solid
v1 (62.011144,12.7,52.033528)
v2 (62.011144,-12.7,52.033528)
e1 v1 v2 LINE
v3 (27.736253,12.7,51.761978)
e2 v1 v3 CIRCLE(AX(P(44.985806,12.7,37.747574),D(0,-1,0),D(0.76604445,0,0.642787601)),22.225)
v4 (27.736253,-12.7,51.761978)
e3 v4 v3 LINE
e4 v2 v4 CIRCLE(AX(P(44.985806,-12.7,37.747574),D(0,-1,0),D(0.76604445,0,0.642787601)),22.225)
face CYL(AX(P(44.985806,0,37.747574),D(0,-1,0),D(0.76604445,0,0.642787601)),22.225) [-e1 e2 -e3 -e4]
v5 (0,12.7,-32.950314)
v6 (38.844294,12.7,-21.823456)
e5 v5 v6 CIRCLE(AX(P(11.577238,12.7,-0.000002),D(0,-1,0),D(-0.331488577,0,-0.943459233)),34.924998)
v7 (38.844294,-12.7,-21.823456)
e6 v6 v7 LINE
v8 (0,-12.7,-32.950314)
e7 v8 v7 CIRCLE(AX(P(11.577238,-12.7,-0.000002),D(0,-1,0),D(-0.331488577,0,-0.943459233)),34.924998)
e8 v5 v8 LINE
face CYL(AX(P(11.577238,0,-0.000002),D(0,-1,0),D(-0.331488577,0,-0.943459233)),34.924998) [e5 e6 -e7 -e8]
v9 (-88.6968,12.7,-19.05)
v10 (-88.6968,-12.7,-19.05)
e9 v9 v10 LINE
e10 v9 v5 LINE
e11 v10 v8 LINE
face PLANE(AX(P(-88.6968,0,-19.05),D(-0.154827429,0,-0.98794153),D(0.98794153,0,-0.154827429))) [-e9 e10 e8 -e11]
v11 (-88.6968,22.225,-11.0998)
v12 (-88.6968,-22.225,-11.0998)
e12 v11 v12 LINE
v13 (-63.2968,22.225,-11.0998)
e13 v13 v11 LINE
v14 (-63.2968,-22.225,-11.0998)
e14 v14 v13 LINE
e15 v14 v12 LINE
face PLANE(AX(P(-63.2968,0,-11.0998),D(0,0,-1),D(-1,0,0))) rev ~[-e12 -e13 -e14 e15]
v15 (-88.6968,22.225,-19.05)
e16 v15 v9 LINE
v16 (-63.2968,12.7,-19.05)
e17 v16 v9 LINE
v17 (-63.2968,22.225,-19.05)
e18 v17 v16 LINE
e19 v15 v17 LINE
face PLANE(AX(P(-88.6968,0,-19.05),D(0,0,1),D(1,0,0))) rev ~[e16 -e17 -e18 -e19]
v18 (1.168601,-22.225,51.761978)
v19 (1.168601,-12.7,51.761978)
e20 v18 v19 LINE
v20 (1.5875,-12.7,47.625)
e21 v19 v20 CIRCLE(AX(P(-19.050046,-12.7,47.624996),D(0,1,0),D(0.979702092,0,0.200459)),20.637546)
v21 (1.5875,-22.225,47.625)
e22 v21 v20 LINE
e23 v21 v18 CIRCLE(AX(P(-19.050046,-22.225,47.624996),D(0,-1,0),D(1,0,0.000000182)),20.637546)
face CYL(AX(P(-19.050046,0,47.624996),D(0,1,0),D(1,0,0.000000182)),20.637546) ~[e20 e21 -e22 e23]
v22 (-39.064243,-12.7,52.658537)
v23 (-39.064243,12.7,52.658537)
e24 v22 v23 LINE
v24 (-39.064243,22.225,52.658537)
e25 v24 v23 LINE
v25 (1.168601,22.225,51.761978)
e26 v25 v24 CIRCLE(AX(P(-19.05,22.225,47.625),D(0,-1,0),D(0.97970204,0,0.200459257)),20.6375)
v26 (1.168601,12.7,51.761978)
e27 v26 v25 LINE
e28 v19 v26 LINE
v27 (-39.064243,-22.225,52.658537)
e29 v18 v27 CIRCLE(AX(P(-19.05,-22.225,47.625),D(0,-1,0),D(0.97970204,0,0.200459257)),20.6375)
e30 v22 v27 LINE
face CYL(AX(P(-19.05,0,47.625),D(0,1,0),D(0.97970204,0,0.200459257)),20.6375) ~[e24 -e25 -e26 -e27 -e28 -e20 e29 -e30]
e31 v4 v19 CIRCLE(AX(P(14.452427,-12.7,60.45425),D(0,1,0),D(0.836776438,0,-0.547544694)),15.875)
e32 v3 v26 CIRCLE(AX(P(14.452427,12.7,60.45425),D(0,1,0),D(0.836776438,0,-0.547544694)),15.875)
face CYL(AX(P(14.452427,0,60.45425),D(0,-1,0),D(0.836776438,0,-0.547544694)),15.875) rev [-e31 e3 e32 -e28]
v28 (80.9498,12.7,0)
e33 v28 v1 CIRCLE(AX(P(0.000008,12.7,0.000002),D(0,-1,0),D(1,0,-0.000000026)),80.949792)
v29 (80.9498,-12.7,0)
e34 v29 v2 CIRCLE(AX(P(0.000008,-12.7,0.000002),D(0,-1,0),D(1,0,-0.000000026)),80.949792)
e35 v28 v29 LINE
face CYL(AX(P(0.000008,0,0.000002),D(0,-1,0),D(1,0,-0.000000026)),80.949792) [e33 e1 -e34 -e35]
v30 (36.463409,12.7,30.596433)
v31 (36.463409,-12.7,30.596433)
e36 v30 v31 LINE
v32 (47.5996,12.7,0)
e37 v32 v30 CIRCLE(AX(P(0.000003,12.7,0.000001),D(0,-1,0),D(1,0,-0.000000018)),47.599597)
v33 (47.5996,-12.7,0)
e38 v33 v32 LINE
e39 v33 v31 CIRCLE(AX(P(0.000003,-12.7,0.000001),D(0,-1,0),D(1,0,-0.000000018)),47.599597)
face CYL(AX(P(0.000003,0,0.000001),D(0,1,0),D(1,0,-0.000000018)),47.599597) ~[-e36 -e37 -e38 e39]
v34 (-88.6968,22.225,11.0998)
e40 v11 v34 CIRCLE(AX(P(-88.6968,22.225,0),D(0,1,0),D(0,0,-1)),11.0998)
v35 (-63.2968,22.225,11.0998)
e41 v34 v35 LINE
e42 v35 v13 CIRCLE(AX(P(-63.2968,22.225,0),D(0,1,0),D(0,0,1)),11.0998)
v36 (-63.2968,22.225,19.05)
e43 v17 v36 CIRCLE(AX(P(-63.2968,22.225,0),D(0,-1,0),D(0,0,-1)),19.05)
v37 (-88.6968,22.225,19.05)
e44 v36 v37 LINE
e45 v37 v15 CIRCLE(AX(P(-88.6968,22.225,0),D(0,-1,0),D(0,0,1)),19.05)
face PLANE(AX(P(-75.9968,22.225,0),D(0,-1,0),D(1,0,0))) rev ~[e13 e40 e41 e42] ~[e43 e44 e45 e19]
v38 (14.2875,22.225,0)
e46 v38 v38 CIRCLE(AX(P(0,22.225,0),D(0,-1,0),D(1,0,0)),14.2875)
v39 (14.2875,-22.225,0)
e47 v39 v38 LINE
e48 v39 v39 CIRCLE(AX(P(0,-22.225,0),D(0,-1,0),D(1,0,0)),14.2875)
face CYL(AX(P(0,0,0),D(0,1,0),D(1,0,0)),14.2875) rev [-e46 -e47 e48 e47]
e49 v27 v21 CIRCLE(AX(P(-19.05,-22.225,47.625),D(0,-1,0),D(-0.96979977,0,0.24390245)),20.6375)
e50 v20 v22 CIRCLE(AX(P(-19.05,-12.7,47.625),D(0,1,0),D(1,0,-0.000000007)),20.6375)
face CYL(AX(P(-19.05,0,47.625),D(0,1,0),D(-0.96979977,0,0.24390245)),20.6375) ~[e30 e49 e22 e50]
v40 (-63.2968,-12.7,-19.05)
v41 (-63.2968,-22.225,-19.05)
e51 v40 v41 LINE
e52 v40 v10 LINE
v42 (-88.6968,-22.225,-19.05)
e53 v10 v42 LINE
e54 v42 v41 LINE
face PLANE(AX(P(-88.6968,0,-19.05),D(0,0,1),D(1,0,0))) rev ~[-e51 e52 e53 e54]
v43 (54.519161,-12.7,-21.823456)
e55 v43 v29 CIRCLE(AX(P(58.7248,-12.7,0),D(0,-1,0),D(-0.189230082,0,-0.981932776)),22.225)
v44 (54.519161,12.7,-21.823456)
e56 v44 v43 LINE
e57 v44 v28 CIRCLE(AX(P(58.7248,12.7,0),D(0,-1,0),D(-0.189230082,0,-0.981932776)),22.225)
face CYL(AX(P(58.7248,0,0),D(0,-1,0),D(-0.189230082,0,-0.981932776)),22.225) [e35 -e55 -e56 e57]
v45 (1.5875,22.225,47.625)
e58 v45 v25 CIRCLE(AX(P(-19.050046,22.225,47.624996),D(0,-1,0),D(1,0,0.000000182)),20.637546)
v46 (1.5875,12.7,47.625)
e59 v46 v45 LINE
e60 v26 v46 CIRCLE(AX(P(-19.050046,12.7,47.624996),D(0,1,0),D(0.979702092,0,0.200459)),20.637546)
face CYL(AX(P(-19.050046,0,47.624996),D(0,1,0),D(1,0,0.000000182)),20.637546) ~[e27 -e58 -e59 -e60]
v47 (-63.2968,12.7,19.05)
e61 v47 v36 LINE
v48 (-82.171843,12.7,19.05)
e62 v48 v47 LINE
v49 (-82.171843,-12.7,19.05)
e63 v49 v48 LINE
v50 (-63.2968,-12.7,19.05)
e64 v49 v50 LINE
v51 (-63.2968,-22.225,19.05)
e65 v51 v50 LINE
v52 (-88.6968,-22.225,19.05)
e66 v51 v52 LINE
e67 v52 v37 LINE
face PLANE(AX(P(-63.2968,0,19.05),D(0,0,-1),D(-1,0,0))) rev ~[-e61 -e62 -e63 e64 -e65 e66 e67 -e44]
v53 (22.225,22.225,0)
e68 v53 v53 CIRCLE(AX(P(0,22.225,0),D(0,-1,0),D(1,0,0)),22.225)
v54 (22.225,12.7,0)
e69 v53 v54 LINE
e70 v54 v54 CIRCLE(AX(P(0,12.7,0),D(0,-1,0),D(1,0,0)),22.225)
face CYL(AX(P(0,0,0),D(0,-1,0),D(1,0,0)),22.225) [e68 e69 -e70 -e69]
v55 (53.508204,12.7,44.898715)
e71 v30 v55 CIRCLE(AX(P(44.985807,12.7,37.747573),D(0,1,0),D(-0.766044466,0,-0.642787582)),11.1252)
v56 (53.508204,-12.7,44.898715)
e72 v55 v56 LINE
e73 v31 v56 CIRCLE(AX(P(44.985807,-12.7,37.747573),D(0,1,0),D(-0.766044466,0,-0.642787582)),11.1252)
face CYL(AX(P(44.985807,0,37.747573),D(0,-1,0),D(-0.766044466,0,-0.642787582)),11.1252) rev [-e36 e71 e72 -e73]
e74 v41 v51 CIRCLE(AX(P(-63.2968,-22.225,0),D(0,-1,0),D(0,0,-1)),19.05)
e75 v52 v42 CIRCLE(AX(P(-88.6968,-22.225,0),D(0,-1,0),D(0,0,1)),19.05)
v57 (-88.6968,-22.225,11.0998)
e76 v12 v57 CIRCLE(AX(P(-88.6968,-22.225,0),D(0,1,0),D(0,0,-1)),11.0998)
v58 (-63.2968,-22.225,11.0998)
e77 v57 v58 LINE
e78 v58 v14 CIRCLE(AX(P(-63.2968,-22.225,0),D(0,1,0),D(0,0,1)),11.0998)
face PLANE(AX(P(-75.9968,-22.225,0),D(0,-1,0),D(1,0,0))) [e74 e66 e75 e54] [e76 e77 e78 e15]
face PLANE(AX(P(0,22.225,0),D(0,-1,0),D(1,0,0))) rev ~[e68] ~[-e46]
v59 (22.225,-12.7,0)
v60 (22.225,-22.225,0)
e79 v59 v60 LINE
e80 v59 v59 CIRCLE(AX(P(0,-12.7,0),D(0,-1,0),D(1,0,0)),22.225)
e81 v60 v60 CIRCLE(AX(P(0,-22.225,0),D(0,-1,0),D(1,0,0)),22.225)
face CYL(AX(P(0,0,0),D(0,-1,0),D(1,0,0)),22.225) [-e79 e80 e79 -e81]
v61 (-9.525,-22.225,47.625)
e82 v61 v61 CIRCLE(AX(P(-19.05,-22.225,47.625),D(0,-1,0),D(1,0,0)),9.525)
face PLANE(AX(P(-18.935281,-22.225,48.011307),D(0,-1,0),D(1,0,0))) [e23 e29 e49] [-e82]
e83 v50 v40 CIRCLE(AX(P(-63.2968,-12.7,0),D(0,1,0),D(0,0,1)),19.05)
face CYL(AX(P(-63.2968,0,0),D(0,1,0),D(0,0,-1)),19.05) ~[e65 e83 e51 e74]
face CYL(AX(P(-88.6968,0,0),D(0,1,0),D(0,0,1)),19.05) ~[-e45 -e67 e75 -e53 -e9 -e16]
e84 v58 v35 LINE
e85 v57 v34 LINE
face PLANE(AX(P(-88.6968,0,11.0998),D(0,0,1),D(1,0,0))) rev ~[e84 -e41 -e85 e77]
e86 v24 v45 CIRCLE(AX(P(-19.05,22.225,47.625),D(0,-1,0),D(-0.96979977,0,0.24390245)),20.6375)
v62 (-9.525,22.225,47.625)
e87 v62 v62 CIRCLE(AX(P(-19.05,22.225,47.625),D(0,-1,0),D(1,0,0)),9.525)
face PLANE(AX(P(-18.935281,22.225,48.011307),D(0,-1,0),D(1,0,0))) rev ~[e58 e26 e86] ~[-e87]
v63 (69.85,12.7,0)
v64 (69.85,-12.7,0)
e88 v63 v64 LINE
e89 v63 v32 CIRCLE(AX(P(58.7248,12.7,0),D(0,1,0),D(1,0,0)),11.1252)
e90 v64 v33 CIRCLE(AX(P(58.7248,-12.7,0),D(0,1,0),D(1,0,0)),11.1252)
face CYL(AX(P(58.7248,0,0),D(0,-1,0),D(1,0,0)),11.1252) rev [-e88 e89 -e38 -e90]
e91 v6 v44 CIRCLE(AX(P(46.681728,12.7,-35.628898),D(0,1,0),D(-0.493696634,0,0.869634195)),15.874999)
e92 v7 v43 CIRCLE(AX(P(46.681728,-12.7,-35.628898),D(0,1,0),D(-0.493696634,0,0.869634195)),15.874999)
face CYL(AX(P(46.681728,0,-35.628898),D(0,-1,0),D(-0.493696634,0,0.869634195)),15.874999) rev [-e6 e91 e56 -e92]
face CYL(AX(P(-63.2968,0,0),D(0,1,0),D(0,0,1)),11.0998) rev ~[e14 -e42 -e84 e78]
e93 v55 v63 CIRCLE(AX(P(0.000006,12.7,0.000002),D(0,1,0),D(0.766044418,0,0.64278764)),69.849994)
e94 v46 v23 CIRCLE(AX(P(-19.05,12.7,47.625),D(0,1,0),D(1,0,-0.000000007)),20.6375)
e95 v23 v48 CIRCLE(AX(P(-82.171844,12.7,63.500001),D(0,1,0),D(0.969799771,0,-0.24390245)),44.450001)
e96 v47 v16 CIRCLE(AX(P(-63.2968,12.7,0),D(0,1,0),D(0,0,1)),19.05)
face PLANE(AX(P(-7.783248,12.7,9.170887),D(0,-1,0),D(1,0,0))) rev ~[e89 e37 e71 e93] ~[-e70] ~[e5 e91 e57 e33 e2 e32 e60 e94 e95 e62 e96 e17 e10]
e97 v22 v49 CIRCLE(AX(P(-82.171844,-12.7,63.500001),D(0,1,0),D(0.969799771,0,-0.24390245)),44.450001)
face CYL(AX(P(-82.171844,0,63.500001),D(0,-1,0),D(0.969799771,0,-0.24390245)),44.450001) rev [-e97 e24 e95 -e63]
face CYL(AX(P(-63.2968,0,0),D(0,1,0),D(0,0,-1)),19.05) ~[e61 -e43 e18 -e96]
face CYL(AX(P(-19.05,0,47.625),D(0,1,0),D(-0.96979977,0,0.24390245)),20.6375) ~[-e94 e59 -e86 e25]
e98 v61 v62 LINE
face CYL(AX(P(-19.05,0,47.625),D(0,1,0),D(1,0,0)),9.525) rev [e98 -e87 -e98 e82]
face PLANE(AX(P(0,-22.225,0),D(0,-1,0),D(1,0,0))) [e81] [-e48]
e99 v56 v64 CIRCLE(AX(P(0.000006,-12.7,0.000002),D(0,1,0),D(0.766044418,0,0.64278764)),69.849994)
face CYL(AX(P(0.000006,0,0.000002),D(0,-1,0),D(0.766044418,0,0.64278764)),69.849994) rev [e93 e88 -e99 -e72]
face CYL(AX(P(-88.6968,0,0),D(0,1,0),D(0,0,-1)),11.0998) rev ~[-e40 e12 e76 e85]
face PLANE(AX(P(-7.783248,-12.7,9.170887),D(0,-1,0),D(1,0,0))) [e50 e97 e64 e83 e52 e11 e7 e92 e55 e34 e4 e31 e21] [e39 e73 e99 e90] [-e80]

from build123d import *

# Parameters (mm, degrees)
F0_R     = 22.225
F1_DEPTH = 12.7
F0_R_2   = 9.525
F0_R_3   = 14.2875
F2_DEPTH = 22.225


with BuildPart() as f1:
    # F0 (on Front) → F1 (new body, symmetric)
    with BuildSketch(Plane.XZ):
        with BuildLine():
            Line((-63.2968, -19.05), (-88.6968, -19.05))
            Line((-88.6968, -19.05), (0, -32.950314))
            ThreePointArc((0, -32.950314), (21.194636, -33.574712), (38.844294, -21.823456))
            ThreePointArc((38.844294, -21.823456), (46.681728, -19.753899), (54.519161, -21.823456))
            ThreePointArc((54.519161, -21.823456), (72.875424, -17.137983), (80.9498, 0))
            ThreePointArc((80.9498, 0), (76.06793, 27.686462), (62.011144, 52.033528))
            ThreePointArc((62.011144, 52.033528), (44.80973, 59.971876), (27.736253, 51.761978))
            ThreePointArc((27.736253, 51.761978), (14.452427, 44.57925), (1.168601, 51.761978))
            ThreePointArc((1.168601, 51.761978), (1.482508, 49.704066), (1.5875, 47.625))
            ThreePointArc((1.5875, 47.625), (-21.585988, 27.143907), (-39.064243, 52.658537))
            ThreePointArc((-39.064243, 52.658537), (-54.841462, 28.445004), (-82.171843, 19.05))
            Line((-82.171843, 19.05), (-63.2968, 19.05))
            ThreePointArc((-63.2968, 19.05), (-44.2468, 0), (-63.2968, -19.05))
        make_face()
        Circle(F0_R, mode=Mode.SUBTRACT)
        with BuildLine():
            ThreePointArc((47.5996, 0), (44.728993, 16.280022), (36.463409, 30.596433))
            ThreePointArc((36.463409, 30.596433), (37.834666, 46.269971), (53.508204, 44.898715))
            ThreePointArc((53.508204, 44.898715), (65.63753, 23.890107), (69.85, 0))
            ThreePointArc((69.85, 0), (58.7248, -11.1252), (47.5996, 0))
        make_face(mode=Mode.SUBTRACT)
    extrude(amount=F1_DEPTH, both=True)

    # F0 (on Front) → F2 (join, symmetric)
    with BuildSketch(Plane.XZ):
        with BuildLine():
            Line((-82.171843, 19.05), (-88.6968, 19.05))
            ThreePointArc((-88.6968, 19.05), (-107.7468, 0), (-88.6968, -19.05))
            Line((-88.6968, -19.05), (-63.2968, -19.05))
            ThreePointArc((-63.2968, -19.05), (-44.2468, 0), (-63.2968, 19.05))
            Line((-63.2968, 19.05), (-82.171843, 19.05))
        make_face()
        with BuildLine():
            ThreePointArc((-88.6968, -11.0998), (-99.7966, 0), (-88.6968, 11.0998))
            Line((-88.6968, 11.0998), (-63.2968, 11.0998))
            ThreePointArc((-63.2968, 11.0998), (-52.197, 0), (-63.2968, -11.0998))
            Line((-63.2968, -11.0998), (-88.6968, -11.0998))
        make_face(mode=Mode.SUBTRACT)
        with BuildLine():
            ThreePointArc((1.168601, 51.761978), (-18.590223, 68.257378), (-39.064243, 52.658537))
            ThreePointArc((-39.064243, 52.658537), (-21.585988, 27.143907), (1.5875, 47.625))
            ThreePointArc((1.5875, 47.625), (1.482508, 49.704066), (1.168601, 51.761978))
        make_face()
        with Locations((-19.05, 47.625)):
            Circle(F0_R_2, mode=Mode.SUBTRACT)
        Circle(F0_R)
        Circle(F0_R_3, mode=Mode.SUBTRACT)
    extrude(amount=F2_DEPTH, both=True)


solid = f1.part
